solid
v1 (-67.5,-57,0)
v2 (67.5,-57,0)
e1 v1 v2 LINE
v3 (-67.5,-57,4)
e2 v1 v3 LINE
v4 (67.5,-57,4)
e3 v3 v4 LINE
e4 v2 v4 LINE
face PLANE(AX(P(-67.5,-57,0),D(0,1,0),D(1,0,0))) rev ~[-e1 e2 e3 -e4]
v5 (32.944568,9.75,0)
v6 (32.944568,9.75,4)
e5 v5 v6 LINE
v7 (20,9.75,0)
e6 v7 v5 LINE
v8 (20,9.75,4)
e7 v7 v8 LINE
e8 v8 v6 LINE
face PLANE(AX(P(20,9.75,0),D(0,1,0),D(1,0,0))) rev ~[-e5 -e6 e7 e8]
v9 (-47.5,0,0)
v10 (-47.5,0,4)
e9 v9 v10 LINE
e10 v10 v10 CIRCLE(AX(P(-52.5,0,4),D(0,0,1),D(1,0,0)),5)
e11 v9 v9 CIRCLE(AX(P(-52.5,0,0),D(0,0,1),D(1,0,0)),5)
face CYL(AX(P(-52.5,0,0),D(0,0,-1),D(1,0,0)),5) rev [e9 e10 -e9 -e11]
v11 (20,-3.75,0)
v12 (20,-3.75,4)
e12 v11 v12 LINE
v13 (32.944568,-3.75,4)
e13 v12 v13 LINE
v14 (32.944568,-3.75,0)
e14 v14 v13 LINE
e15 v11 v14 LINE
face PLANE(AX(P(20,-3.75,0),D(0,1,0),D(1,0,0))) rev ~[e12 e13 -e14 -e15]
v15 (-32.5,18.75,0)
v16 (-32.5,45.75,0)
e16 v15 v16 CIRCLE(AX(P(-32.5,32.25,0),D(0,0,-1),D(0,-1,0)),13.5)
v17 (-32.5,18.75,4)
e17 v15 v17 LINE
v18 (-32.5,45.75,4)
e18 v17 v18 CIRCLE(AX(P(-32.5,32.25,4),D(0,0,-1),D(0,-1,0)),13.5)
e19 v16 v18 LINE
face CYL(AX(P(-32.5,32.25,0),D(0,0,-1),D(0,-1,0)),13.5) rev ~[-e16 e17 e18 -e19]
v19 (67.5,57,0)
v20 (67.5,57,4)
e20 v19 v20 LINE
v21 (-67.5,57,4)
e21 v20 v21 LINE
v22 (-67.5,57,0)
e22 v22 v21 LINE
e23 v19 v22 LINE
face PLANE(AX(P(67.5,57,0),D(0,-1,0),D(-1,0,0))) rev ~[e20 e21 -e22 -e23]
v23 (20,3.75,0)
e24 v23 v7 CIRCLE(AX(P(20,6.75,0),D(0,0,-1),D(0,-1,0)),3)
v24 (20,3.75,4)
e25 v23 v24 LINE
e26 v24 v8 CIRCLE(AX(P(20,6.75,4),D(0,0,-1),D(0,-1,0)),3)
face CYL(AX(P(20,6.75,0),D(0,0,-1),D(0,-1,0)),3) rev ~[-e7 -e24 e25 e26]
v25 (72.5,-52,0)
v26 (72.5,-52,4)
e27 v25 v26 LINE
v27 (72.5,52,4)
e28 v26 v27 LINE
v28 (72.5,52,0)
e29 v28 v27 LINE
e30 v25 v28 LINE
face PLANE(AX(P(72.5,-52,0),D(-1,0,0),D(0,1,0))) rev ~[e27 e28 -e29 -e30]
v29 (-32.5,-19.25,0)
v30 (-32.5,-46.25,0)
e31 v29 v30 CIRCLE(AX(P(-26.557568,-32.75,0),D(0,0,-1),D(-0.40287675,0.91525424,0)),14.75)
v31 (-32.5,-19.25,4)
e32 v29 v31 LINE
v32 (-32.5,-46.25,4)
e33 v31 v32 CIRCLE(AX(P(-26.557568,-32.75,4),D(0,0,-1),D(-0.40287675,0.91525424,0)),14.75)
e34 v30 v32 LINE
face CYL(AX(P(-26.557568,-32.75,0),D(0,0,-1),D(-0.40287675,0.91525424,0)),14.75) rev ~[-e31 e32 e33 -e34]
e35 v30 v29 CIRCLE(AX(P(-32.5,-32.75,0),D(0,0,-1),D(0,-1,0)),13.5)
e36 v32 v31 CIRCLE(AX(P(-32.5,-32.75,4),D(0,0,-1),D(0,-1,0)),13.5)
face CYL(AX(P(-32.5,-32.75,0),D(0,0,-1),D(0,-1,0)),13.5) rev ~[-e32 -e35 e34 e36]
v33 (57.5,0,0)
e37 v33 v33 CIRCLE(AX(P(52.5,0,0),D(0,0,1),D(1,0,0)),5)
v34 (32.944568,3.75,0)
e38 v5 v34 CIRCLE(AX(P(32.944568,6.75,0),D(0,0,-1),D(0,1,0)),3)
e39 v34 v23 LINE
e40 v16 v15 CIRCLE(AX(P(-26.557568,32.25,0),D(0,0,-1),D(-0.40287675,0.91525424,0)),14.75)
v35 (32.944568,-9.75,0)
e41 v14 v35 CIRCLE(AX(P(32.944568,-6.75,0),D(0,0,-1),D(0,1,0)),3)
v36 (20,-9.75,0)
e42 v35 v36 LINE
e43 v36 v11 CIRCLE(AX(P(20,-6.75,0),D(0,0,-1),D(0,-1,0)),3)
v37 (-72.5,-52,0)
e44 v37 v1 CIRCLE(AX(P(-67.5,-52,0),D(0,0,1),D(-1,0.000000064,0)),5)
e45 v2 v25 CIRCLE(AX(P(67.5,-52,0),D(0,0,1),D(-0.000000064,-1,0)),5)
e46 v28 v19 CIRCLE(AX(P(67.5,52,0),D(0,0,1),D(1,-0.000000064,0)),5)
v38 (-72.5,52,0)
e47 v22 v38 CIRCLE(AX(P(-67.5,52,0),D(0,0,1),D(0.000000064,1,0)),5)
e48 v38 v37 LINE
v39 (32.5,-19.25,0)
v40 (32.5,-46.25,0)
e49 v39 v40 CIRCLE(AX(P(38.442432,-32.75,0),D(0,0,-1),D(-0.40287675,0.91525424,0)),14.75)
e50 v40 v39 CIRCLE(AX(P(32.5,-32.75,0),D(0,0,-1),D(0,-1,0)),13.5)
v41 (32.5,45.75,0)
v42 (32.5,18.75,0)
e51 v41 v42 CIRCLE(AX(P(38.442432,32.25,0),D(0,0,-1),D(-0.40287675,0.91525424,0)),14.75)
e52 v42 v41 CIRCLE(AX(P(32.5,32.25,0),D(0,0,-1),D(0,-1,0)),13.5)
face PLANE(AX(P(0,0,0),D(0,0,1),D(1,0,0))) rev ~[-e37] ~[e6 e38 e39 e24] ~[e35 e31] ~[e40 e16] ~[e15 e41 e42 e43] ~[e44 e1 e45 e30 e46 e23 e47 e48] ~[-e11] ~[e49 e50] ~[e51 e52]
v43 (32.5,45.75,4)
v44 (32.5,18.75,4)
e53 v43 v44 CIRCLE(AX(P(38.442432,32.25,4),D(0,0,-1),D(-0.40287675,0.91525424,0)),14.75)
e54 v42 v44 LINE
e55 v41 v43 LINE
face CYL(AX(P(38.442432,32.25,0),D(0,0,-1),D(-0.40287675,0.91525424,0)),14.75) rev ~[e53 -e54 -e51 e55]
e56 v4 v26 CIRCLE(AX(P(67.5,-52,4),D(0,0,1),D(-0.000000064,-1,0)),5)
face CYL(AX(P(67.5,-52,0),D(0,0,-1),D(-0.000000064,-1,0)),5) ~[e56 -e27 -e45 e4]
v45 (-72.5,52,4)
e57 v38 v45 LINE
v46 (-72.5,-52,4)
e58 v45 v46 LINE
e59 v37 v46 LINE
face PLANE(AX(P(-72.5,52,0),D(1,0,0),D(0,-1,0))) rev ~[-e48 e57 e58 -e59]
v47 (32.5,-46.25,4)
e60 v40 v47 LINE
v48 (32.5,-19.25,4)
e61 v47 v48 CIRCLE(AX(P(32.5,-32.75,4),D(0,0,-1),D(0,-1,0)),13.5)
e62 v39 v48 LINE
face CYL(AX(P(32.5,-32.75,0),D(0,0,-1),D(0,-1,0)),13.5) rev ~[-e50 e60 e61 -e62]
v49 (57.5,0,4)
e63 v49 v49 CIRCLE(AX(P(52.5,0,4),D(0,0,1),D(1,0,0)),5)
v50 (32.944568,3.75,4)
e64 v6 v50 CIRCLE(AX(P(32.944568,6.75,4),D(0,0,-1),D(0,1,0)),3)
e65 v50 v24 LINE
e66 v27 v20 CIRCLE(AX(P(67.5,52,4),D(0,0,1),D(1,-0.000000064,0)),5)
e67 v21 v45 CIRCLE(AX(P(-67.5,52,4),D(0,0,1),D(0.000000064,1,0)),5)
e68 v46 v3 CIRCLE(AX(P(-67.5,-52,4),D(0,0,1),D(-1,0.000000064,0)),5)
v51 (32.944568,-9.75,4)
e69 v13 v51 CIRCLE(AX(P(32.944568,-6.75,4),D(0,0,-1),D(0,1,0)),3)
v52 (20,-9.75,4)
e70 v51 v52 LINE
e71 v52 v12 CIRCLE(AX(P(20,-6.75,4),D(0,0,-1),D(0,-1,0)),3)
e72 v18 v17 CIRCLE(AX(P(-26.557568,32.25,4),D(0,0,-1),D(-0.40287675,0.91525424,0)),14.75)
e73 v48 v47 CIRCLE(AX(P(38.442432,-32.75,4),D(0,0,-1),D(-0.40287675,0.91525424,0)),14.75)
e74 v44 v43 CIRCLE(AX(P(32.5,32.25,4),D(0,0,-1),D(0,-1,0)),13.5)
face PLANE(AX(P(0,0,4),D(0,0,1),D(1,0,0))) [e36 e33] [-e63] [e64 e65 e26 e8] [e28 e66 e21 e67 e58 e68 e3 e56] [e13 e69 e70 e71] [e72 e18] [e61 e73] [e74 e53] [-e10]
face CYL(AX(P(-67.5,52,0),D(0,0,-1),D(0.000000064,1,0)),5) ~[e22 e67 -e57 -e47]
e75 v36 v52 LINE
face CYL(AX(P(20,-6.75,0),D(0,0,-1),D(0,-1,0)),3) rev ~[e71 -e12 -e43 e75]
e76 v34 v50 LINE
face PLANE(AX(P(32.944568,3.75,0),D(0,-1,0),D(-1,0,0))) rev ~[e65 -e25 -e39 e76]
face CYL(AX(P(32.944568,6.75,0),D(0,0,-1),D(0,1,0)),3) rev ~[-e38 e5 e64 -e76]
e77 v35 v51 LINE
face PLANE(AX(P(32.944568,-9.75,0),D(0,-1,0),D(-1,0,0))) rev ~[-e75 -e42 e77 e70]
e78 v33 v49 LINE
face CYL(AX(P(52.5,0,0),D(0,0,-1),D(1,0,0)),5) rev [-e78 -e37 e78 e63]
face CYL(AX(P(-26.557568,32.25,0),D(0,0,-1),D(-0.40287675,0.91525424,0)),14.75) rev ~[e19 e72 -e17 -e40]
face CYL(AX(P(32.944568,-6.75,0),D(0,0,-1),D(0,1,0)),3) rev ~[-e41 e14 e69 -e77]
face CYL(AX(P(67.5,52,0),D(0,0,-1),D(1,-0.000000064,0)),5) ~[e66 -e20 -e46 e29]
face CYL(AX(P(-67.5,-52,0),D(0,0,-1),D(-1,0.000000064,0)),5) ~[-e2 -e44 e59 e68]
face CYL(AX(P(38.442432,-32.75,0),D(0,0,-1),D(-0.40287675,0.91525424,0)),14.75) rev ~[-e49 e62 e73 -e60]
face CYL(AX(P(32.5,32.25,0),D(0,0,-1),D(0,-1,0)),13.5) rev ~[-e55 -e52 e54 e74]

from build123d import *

# Parameters (mm, degrees)
F0_R     = 5
F1_DEPTH = 4


with BuildPart() as f1:
    # F0 (on Top) → F1 (new body)
    with BuildSketch(Plane.XY):
        with BuildLine():
            Line((67.5, 57), (-67.5, 57))
            ThreePointArc((-67.5, 57), (-71.035534, 55.535534), (-72.5, 52))
            Line((-72.5, 52), (-72.5, -52))
            ThreePointArc((-72.5, -52), (-71.035534, -55.535534), (-67.5, -57))
            Line((-67.5, -57), (67.5, -57))
            ThreePointArc((67.5, -57), (71.035534, -55.535534), (72.5, -52))
            Line((72.5, -52), (72.5, 52))
            ThreePointArc((72.5, 52), (71.035534, 55.535534), (67.5, 57))
        make_face()
        with BuildLine():
            ThreePointArc((-32.5, -46.25), (-46, -32.75), (-32.5, -19.25))
            ThreePointArc((-32.5, -19.25), (-11.807568, -32.75), (-32.5, -46.25))
        make_face(mode=Mode.SUBTRACT)
        with BuildLine():
            ThreePointArc((32.5, -46.25), (19, -32.75), (32.5, -19.25))
            ThreePointArc((32.5, -19.25), (53.192432, -32.75), (32.5, -46.25))
        make_face(mode=Mode.SUBTRACT)
        with BuildLine():
            ThreePointArc((20, -9.75), (17, -6.75), (20, -3.75))
            Line((20, -3.75), (32.944568, -3.75))
            ThreePointArc((32.944568, -3.75), (35.944568, -6.75), (32.944568, -9.75))
            Line((32.944568, -9.75), (20, -9.75))
        make_face(mode=Mode.SUBTRACT)
        with Locations((-52.5, 0)):
            Circle(F0_R, mode=Mode.SUBTRACT)
        with BuildLine():
            ThreePointArc((-32.5, 18.75), (-46, 32.25), (-32.5, 45.75))
            ThreePointArc((-32.5, 45.75), (-11.807568, 32.25), (-32.5, 18.75))
        make_face(mode=Mode.SUBTRACT)
        with BuildLine():
            ThreePointArc((20, 3.75), (17, 6.75), (20, 9.75))
            Line((20, 9.75), (32.944568, 9.75))
            ThreePointArc((32.944568, 9.75), (35.944568, 6.75), (32.944568, 3.75))
            Line((32.944568, 3.75), (20, 3.75))
        make_face(mode=Mode.SUBTRACT)
        with Locations((52.5, 0)):
            Circle(F0_R, mode=Mode.SUBTRACT)
        with BuildLine():
            ThreePointArc((32.5, 18.75), (19, 32.25), (32.5, 45.75))
            ThreePointArc((32.5, 45.75), (53.192432, 32.25), (32.5, 18.75))
        make_face(mode=Mode.SUBTRACT)
    extrude(amount=F1_DEPTH)


solid = f1.part
